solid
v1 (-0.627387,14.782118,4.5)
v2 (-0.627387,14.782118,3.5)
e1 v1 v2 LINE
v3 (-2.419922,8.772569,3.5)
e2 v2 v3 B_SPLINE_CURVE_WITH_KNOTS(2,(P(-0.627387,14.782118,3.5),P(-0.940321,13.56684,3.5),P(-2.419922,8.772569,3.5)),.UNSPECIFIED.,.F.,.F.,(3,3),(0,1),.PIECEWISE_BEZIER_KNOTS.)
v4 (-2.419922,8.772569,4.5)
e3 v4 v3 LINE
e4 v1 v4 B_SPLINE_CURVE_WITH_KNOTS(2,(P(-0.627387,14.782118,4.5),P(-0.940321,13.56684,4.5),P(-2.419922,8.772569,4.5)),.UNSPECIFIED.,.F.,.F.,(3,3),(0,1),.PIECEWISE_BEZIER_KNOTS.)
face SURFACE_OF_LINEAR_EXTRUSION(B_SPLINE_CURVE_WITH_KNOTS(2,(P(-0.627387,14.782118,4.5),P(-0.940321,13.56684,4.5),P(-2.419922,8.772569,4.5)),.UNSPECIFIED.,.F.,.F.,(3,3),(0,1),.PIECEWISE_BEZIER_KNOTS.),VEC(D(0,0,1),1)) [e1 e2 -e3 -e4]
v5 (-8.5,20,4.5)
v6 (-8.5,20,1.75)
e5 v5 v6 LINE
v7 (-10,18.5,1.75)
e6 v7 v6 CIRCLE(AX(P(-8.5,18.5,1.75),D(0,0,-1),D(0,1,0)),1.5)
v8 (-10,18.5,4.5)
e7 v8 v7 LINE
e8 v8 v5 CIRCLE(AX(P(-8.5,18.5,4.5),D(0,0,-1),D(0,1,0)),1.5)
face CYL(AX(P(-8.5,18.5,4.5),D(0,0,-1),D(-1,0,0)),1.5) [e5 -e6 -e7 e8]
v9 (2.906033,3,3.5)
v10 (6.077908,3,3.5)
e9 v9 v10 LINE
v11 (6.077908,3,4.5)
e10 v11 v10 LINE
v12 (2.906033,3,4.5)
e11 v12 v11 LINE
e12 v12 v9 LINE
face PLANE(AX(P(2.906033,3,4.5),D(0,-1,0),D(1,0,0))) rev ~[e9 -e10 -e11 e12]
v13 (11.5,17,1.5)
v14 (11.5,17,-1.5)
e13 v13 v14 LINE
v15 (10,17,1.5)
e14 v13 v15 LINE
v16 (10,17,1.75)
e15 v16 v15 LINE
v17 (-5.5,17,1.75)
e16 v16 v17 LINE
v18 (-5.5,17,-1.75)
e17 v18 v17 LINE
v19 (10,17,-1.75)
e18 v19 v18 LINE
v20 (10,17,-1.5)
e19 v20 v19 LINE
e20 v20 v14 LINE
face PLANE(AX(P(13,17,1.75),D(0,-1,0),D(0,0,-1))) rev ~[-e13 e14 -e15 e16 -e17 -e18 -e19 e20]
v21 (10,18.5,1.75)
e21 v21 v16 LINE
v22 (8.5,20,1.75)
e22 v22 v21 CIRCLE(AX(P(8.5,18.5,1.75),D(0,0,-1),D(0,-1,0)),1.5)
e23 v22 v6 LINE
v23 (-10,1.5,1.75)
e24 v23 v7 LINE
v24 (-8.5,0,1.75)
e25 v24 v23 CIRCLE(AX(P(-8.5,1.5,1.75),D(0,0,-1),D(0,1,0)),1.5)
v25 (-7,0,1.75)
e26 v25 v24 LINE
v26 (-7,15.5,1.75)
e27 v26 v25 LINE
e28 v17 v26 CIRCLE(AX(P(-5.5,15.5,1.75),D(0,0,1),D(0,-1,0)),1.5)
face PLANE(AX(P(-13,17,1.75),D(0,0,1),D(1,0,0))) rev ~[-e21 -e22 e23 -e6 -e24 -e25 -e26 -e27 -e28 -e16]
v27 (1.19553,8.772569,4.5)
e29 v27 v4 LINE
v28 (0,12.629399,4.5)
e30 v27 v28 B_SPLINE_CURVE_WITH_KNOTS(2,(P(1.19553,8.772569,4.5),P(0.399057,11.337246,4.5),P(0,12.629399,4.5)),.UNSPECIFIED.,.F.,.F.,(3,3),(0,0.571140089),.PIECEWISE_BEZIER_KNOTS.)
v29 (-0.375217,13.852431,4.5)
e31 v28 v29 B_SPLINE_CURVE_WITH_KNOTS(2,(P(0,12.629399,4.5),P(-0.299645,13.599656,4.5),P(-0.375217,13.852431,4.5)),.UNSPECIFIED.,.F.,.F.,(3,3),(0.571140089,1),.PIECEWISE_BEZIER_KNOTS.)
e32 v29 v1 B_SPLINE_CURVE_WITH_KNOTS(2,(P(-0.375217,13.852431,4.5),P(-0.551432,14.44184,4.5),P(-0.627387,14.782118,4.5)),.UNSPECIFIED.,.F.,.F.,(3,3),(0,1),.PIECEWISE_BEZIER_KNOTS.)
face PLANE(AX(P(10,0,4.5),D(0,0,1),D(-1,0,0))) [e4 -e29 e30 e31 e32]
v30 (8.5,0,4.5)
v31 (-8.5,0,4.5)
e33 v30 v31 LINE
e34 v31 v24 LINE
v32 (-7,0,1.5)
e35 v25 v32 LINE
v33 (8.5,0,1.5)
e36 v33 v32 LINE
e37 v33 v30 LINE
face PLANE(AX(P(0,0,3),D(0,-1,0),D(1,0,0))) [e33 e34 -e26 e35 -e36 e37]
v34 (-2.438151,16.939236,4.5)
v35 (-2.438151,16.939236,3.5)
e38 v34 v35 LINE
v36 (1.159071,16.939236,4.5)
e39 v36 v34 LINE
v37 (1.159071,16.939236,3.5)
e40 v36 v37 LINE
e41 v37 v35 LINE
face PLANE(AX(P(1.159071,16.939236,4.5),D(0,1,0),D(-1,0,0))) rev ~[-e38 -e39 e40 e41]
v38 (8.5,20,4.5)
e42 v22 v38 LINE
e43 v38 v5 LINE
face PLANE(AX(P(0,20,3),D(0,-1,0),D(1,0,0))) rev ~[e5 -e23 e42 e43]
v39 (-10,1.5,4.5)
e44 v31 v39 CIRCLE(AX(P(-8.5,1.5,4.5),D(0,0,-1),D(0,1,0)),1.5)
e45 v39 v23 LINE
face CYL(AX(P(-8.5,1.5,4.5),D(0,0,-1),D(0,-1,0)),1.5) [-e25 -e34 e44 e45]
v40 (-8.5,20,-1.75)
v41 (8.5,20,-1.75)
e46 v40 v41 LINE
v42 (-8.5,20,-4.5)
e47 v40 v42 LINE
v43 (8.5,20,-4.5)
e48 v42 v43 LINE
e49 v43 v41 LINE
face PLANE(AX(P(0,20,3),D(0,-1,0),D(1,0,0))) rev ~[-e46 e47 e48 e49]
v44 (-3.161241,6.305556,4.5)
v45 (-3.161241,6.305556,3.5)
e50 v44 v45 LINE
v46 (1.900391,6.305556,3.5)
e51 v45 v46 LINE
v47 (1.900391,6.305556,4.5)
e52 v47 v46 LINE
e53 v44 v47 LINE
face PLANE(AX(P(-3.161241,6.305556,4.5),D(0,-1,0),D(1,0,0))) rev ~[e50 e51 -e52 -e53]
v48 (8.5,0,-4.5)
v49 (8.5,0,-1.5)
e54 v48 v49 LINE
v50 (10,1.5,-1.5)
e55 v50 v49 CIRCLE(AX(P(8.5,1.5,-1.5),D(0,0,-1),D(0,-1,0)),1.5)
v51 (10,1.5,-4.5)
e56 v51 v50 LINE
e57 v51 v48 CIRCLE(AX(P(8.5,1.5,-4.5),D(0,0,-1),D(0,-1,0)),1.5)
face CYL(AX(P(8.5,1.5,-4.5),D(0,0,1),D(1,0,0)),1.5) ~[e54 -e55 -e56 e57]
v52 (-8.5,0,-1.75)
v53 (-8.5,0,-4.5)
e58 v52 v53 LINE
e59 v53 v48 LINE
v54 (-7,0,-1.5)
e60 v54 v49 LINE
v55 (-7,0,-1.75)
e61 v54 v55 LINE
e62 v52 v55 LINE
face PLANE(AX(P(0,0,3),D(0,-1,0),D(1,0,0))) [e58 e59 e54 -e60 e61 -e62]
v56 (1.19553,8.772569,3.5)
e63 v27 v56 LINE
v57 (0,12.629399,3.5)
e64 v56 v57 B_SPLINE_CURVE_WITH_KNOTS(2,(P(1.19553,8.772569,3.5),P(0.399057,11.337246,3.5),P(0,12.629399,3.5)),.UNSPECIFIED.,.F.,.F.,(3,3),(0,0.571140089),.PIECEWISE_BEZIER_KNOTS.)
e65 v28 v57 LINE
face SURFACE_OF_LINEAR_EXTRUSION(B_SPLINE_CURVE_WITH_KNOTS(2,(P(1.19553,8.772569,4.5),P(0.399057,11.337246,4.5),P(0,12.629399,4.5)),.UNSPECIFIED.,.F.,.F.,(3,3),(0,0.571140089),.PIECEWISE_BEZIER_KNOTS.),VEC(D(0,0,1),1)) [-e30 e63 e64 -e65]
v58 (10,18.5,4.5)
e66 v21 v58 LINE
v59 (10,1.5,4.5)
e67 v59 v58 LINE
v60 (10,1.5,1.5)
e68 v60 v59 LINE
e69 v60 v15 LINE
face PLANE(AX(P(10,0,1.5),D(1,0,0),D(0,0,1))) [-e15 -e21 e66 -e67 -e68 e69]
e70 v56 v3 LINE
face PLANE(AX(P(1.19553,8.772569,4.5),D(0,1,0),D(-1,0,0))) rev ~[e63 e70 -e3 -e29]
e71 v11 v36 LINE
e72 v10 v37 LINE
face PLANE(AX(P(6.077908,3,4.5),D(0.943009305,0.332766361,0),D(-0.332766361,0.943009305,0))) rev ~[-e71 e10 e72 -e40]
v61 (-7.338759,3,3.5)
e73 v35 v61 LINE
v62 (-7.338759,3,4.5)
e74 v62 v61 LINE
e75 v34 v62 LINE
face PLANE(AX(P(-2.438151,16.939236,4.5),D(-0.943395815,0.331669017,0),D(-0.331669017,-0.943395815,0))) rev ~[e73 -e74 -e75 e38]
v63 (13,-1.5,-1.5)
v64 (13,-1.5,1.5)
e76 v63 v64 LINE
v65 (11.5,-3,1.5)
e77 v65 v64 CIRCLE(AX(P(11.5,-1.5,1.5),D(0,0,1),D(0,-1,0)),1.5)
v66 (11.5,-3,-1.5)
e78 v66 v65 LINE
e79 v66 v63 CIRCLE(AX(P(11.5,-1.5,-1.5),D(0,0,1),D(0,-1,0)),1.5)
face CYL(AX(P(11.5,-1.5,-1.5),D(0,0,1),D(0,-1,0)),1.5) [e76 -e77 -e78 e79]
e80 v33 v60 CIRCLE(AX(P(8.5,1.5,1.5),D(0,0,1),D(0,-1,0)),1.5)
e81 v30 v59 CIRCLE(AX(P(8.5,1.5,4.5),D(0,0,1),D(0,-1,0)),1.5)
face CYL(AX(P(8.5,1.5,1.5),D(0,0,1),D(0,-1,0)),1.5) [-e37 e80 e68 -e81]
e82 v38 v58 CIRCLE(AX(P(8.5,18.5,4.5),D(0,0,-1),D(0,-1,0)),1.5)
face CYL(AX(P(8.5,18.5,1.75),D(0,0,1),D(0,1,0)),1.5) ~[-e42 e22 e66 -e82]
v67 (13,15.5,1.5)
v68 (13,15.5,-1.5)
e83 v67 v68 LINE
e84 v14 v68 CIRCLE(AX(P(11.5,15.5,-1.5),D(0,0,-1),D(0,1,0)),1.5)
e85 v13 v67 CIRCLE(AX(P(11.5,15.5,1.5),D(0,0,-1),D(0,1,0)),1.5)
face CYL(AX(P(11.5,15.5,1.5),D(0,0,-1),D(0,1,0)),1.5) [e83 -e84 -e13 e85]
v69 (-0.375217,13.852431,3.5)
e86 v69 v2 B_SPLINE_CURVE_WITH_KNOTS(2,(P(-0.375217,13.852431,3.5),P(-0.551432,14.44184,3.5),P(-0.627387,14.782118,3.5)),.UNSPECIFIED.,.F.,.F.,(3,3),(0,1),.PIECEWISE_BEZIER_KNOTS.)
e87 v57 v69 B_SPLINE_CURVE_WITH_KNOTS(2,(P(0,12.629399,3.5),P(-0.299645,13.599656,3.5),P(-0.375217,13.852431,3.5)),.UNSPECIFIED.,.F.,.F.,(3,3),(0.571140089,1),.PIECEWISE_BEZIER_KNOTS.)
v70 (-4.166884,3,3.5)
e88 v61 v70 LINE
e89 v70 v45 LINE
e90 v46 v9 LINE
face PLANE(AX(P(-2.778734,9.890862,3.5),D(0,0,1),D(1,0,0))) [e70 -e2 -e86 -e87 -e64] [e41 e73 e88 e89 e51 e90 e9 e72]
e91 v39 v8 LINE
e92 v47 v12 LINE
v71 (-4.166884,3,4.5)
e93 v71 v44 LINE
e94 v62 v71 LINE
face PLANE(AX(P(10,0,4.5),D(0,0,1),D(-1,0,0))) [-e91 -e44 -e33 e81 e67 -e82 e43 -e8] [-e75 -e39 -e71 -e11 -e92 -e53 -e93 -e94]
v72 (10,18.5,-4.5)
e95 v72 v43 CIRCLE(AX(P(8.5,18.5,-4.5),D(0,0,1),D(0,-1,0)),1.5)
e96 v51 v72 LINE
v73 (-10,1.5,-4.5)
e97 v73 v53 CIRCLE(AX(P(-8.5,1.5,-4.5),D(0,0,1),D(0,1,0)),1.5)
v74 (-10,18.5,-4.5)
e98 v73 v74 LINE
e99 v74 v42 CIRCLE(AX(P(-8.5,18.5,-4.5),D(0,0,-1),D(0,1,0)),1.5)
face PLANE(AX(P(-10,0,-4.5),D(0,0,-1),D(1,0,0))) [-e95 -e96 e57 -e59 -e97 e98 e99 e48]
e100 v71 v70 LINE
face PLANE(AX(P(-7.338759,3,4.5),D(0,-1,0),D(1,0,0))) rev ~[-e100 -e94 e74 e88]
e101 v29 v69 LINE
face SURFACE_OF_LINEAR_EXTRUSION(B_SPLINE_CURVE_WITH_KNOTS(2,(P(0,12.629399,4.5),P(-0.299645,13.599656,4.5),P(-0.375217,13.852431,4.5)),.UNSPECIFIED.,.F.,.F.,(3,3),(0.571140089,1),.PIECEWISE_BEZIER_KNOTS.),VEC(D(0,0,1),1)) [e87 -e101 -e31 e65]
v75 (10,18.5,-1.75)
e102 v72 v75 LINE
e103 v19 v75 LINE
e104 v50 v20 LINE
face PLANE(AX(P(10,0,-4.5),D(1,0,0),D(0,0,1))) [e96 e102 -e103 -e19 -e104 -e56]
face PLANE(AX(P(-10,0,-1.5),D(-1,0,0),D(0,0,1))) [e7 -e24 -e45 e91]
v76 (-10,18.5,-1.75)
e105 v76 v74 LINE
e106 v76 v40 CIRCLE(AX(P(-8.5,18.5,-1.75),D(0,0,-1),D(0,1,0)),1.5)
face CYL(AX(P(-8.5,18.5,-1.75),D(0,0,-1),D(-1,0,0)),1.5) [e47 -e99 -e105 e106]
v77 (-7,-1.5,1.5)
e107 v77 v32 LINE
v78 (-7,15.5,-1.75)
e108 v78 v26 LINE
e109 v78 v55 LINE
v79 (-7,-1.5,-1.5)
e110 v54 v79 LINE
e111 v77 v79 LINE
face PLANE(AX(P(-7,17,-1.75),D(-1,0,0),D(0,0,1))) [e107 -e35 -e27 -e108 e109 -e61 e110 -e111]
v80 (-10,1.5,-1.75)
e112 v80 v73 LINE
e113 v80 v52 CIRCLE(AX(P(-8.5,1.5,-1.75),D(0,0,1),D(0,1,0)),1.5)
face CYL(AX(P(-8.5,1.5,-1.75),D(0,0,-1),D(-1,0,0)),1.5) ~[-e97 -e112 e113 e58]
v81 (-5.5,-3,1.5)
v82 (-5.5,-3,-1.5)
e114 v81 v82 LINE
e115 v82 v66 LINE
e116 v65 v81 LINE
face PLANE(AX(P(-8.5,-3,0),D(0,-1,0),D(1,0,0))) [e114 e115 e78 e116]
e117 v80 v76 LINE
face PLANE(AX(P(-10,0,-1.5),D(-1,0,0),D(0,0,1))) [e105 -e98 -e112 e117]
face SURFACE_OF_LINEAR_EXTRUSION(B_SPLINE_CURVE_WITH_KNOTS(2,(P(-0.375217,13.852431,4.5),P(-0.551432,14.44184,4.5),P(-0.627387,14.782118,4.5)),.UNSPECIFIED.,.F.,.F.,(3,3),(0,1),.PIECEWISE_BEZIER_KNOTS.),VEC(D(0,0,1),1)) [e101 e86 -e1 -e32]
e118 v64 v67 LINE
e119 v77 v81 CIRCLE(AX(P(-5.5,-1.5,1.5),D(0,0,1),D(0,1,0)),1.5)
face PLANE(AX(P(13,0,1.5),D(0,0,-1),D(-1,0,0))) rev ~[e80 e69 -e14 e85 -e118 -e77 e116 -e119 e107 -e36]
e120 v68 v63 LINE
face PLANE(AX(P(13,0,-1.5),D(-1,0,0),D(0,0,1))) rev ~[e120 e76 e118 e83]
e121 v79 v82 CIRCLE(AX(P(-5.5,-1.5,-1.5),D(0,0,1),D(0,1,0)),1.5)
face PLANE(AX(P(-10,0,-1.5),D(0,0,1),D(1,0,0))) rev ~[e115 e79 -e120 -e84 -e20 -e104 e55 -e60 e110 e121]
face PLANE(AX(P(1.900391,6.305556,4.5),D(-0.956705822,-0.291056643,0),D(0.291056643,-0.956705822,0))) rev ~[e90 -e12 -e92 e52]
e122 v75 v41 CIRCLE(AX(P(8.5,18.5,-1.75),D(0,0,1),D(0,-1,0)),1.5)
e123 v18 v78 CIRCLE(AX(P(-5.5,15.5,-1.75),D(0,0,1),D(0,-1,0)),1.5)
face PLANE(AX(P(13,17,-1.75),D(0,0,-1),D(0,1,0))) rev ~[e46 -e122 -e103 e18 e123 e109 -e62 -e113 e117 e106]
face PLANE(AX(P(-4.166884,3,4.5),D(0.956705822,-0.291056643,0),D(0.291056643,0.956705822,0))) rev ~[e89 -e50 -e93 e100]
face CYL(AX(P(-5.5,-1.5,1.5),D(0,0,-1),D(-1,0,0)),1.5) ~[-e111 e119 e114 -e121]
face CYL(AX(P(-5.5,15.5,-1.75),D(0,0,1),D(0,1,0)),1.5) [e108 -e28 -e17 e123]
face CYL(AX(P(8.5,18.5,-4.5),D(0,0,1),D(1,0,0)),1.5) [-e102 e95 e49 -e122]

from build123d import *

# Parameters (mm, degrees)
F0_W     = 14
F0_H     = 3
F0_W_2   = 3
F1_DEPTH = 20
F2_DEPTH = 3
F3_W     = 3
F3_H     = 3
F4_DEPTH = 100
F5_W     = 3
F5_H     = 3.5
F6_DEPTH = 100
F7_R     = 1.5
F9_DEPTH = 1


with BuildPart() as f1:
    # F0 (on Front) → F1 (new body)
    with BuildSketch(Plane.XZ):
        Polygon((10, 1.5), (10, 4.5), (-10, 4.5), (-10, 1.5), (-7, 1.5), (7, 1.5), align=None)
        Rectangle(F0_W, F0_H)
        with Locations((11.5, 0)):
            Rectangle(F0_W_2, F0_H)
        with Locations((8.5, 0)):
            Rectangle(F0_W_2, F0_H)
        with Locations((-8.5, 0)):
            Rectangle(F0_W_2, F0_H)
        Polygon((10, -4.5), (10, -1.5), (7, -1.5), (-7, -1.5), (-10, -1.5), (-10, -4.5), align=None)
    extrude(amount=-F1_DEPTH)

    # F0 (on Front) → F2 (join)
    with BuildSketch(Plane.XZ):
        with Locations((-8.5, 0)):
            Rectangle(F0_W_2, F0_H)
        Rectangle(F0_W, F0_H)
        with Locations((8.5, 0)):
            Rectangle(F0_W_2, F0_H)
        with Locations((11.5, 0)):
            Rectangle(F0_W_2, F0_H)
    extrude(amount=F2_DEPTH)

    # F3 (on face) → F4 (cut)
    with BuildSketch(Plane.YZ.offset(13)):
        Polygon((23, -1.75), (23, 1.75), (17, 1.75), (17, 1.5), (20, 1.5), (20, -1.5), (17, -1.5), (17, -1.75), align=None)
        with Locations((18.5, 0)):
            Rectangle(F3_W, F3_H)
    extrude(amount=-F4_DEPTH, mode=Mode.SUBTRACT)

    # F5 (on face) → F6 (cut)
    with BuildSketch(Plane(origin=(0, 17, 0), x_dir=(-1, 0, 0), z_dir=(0, 1, 0))):
        with Locations((11.5, 0)):
            Rectangle(F5_W, F5_H)
        with Locations((8.5, 0)):
            Rectangle(F5_W, F5_H)
    extrude(amount=-F6_DEPTH, mode=Mode.SUBTRACT)

    # F7
    f7_edges = [f1.edges().sort_by_distance(p)[0] for p in [
        (-7, -3, 0),
        (13, -3, 0),
        (10, 0, 3),
        (10, 0, -3),
        (-10, 0, -3.125),
        (-10, 0, 3.125),
        (-7, 17, 0),
        (-10, 20, 3.125),
        (-10, 20, -3.125),
        (13, 17, 0),
        (10, 20, 3.125),
        (10, 20, -3.125),
    ]]
    fillet(f7_edges, radius=F7_R)

    # F8 (on face) → F9 (cut)
    with BuildSketch(Plane.XY.offset(4.5)):
        with BuildLine():
            Line((0, 12.6293993567), (0, 16.9392361111))
            Line((0, 16.9392361111), (-2.4381510417, 16.9392361111))
            Line((-2.4381510417, 16.9392361111), (-7.3387586806, 3))
            Line((-7.3387586806, 3), (-4.1668836806, 3))
            Line((-4.1668836806, 3), (-3.1612413194, 6.3055555556))
            Line((-3.1612413194, 6.3055555556), (0, 6.3055555556))
            Line((0, 6.3055555556), (0, 8.7725694444))
            Line((0, 8.7725694444), (-2.419921875, 8.7725694444))
            add(Edge.make_bspline(
                [(-0.6273871528, 14.7821180556), (-0.9403211806, 13.5668402778), (-2.419921875, 8.7725694444)],
                knots=[0, 0, 0, 1, 1, 1], degree=2))
            add(Edge.make_bspline(
                [(-0.3752170139, 13.8524305556), (-0.5514322917, 14.4418402778), (-0.6273871528, 14.7821180556)],
                knots=[0, 0, 0, 1, 1, 1], degree=2))
            add(Edge.make_bspline(
                [(0, 12.6293993567), (-0.2996453455, 13.5996563543), (-0.3752170139, 13.8524305556)],
                knots=[0.5711400886, 0.5711400886, 0.5711400886, 1, 1, 1], degree=2))
        make_face()
        with BuildLine():
            Line((1.1590711806, 16.9392361111), (0, 16.9392361111))
            Line((0, 16.9392361111), (0, 12.6293993567))
            add(Edge.make_bspline(
                [(1.1955295139, 8.7725694444), (0.3990568122, 11.3372462484), (0, 12.6293993567)],
                knots=[0, 0, 0, 0.5711400886, 0.5711400886, 0.5711400886], degree=2))
            Line((1.1955295139, 8.7725694444), (0, 8.7725694444))
            Line((0, 8.7725694444), (0, 6.3055555556))
            Line((0, 6.3055555556), (1.900390625, 6.3055555556))
            Line((1.900390625, 6.3055555556), (2.9060329861, 3))
            Line((2.9060329861, 3), (6.0779079861, 3))
            Line((6.0779079861, 3), (1.1590711806, 16.9392361111))
        make_face()
    extrude(amount=-F9_DEPTH, mode=Mode.SUBTRACT)


solid = f1.part
